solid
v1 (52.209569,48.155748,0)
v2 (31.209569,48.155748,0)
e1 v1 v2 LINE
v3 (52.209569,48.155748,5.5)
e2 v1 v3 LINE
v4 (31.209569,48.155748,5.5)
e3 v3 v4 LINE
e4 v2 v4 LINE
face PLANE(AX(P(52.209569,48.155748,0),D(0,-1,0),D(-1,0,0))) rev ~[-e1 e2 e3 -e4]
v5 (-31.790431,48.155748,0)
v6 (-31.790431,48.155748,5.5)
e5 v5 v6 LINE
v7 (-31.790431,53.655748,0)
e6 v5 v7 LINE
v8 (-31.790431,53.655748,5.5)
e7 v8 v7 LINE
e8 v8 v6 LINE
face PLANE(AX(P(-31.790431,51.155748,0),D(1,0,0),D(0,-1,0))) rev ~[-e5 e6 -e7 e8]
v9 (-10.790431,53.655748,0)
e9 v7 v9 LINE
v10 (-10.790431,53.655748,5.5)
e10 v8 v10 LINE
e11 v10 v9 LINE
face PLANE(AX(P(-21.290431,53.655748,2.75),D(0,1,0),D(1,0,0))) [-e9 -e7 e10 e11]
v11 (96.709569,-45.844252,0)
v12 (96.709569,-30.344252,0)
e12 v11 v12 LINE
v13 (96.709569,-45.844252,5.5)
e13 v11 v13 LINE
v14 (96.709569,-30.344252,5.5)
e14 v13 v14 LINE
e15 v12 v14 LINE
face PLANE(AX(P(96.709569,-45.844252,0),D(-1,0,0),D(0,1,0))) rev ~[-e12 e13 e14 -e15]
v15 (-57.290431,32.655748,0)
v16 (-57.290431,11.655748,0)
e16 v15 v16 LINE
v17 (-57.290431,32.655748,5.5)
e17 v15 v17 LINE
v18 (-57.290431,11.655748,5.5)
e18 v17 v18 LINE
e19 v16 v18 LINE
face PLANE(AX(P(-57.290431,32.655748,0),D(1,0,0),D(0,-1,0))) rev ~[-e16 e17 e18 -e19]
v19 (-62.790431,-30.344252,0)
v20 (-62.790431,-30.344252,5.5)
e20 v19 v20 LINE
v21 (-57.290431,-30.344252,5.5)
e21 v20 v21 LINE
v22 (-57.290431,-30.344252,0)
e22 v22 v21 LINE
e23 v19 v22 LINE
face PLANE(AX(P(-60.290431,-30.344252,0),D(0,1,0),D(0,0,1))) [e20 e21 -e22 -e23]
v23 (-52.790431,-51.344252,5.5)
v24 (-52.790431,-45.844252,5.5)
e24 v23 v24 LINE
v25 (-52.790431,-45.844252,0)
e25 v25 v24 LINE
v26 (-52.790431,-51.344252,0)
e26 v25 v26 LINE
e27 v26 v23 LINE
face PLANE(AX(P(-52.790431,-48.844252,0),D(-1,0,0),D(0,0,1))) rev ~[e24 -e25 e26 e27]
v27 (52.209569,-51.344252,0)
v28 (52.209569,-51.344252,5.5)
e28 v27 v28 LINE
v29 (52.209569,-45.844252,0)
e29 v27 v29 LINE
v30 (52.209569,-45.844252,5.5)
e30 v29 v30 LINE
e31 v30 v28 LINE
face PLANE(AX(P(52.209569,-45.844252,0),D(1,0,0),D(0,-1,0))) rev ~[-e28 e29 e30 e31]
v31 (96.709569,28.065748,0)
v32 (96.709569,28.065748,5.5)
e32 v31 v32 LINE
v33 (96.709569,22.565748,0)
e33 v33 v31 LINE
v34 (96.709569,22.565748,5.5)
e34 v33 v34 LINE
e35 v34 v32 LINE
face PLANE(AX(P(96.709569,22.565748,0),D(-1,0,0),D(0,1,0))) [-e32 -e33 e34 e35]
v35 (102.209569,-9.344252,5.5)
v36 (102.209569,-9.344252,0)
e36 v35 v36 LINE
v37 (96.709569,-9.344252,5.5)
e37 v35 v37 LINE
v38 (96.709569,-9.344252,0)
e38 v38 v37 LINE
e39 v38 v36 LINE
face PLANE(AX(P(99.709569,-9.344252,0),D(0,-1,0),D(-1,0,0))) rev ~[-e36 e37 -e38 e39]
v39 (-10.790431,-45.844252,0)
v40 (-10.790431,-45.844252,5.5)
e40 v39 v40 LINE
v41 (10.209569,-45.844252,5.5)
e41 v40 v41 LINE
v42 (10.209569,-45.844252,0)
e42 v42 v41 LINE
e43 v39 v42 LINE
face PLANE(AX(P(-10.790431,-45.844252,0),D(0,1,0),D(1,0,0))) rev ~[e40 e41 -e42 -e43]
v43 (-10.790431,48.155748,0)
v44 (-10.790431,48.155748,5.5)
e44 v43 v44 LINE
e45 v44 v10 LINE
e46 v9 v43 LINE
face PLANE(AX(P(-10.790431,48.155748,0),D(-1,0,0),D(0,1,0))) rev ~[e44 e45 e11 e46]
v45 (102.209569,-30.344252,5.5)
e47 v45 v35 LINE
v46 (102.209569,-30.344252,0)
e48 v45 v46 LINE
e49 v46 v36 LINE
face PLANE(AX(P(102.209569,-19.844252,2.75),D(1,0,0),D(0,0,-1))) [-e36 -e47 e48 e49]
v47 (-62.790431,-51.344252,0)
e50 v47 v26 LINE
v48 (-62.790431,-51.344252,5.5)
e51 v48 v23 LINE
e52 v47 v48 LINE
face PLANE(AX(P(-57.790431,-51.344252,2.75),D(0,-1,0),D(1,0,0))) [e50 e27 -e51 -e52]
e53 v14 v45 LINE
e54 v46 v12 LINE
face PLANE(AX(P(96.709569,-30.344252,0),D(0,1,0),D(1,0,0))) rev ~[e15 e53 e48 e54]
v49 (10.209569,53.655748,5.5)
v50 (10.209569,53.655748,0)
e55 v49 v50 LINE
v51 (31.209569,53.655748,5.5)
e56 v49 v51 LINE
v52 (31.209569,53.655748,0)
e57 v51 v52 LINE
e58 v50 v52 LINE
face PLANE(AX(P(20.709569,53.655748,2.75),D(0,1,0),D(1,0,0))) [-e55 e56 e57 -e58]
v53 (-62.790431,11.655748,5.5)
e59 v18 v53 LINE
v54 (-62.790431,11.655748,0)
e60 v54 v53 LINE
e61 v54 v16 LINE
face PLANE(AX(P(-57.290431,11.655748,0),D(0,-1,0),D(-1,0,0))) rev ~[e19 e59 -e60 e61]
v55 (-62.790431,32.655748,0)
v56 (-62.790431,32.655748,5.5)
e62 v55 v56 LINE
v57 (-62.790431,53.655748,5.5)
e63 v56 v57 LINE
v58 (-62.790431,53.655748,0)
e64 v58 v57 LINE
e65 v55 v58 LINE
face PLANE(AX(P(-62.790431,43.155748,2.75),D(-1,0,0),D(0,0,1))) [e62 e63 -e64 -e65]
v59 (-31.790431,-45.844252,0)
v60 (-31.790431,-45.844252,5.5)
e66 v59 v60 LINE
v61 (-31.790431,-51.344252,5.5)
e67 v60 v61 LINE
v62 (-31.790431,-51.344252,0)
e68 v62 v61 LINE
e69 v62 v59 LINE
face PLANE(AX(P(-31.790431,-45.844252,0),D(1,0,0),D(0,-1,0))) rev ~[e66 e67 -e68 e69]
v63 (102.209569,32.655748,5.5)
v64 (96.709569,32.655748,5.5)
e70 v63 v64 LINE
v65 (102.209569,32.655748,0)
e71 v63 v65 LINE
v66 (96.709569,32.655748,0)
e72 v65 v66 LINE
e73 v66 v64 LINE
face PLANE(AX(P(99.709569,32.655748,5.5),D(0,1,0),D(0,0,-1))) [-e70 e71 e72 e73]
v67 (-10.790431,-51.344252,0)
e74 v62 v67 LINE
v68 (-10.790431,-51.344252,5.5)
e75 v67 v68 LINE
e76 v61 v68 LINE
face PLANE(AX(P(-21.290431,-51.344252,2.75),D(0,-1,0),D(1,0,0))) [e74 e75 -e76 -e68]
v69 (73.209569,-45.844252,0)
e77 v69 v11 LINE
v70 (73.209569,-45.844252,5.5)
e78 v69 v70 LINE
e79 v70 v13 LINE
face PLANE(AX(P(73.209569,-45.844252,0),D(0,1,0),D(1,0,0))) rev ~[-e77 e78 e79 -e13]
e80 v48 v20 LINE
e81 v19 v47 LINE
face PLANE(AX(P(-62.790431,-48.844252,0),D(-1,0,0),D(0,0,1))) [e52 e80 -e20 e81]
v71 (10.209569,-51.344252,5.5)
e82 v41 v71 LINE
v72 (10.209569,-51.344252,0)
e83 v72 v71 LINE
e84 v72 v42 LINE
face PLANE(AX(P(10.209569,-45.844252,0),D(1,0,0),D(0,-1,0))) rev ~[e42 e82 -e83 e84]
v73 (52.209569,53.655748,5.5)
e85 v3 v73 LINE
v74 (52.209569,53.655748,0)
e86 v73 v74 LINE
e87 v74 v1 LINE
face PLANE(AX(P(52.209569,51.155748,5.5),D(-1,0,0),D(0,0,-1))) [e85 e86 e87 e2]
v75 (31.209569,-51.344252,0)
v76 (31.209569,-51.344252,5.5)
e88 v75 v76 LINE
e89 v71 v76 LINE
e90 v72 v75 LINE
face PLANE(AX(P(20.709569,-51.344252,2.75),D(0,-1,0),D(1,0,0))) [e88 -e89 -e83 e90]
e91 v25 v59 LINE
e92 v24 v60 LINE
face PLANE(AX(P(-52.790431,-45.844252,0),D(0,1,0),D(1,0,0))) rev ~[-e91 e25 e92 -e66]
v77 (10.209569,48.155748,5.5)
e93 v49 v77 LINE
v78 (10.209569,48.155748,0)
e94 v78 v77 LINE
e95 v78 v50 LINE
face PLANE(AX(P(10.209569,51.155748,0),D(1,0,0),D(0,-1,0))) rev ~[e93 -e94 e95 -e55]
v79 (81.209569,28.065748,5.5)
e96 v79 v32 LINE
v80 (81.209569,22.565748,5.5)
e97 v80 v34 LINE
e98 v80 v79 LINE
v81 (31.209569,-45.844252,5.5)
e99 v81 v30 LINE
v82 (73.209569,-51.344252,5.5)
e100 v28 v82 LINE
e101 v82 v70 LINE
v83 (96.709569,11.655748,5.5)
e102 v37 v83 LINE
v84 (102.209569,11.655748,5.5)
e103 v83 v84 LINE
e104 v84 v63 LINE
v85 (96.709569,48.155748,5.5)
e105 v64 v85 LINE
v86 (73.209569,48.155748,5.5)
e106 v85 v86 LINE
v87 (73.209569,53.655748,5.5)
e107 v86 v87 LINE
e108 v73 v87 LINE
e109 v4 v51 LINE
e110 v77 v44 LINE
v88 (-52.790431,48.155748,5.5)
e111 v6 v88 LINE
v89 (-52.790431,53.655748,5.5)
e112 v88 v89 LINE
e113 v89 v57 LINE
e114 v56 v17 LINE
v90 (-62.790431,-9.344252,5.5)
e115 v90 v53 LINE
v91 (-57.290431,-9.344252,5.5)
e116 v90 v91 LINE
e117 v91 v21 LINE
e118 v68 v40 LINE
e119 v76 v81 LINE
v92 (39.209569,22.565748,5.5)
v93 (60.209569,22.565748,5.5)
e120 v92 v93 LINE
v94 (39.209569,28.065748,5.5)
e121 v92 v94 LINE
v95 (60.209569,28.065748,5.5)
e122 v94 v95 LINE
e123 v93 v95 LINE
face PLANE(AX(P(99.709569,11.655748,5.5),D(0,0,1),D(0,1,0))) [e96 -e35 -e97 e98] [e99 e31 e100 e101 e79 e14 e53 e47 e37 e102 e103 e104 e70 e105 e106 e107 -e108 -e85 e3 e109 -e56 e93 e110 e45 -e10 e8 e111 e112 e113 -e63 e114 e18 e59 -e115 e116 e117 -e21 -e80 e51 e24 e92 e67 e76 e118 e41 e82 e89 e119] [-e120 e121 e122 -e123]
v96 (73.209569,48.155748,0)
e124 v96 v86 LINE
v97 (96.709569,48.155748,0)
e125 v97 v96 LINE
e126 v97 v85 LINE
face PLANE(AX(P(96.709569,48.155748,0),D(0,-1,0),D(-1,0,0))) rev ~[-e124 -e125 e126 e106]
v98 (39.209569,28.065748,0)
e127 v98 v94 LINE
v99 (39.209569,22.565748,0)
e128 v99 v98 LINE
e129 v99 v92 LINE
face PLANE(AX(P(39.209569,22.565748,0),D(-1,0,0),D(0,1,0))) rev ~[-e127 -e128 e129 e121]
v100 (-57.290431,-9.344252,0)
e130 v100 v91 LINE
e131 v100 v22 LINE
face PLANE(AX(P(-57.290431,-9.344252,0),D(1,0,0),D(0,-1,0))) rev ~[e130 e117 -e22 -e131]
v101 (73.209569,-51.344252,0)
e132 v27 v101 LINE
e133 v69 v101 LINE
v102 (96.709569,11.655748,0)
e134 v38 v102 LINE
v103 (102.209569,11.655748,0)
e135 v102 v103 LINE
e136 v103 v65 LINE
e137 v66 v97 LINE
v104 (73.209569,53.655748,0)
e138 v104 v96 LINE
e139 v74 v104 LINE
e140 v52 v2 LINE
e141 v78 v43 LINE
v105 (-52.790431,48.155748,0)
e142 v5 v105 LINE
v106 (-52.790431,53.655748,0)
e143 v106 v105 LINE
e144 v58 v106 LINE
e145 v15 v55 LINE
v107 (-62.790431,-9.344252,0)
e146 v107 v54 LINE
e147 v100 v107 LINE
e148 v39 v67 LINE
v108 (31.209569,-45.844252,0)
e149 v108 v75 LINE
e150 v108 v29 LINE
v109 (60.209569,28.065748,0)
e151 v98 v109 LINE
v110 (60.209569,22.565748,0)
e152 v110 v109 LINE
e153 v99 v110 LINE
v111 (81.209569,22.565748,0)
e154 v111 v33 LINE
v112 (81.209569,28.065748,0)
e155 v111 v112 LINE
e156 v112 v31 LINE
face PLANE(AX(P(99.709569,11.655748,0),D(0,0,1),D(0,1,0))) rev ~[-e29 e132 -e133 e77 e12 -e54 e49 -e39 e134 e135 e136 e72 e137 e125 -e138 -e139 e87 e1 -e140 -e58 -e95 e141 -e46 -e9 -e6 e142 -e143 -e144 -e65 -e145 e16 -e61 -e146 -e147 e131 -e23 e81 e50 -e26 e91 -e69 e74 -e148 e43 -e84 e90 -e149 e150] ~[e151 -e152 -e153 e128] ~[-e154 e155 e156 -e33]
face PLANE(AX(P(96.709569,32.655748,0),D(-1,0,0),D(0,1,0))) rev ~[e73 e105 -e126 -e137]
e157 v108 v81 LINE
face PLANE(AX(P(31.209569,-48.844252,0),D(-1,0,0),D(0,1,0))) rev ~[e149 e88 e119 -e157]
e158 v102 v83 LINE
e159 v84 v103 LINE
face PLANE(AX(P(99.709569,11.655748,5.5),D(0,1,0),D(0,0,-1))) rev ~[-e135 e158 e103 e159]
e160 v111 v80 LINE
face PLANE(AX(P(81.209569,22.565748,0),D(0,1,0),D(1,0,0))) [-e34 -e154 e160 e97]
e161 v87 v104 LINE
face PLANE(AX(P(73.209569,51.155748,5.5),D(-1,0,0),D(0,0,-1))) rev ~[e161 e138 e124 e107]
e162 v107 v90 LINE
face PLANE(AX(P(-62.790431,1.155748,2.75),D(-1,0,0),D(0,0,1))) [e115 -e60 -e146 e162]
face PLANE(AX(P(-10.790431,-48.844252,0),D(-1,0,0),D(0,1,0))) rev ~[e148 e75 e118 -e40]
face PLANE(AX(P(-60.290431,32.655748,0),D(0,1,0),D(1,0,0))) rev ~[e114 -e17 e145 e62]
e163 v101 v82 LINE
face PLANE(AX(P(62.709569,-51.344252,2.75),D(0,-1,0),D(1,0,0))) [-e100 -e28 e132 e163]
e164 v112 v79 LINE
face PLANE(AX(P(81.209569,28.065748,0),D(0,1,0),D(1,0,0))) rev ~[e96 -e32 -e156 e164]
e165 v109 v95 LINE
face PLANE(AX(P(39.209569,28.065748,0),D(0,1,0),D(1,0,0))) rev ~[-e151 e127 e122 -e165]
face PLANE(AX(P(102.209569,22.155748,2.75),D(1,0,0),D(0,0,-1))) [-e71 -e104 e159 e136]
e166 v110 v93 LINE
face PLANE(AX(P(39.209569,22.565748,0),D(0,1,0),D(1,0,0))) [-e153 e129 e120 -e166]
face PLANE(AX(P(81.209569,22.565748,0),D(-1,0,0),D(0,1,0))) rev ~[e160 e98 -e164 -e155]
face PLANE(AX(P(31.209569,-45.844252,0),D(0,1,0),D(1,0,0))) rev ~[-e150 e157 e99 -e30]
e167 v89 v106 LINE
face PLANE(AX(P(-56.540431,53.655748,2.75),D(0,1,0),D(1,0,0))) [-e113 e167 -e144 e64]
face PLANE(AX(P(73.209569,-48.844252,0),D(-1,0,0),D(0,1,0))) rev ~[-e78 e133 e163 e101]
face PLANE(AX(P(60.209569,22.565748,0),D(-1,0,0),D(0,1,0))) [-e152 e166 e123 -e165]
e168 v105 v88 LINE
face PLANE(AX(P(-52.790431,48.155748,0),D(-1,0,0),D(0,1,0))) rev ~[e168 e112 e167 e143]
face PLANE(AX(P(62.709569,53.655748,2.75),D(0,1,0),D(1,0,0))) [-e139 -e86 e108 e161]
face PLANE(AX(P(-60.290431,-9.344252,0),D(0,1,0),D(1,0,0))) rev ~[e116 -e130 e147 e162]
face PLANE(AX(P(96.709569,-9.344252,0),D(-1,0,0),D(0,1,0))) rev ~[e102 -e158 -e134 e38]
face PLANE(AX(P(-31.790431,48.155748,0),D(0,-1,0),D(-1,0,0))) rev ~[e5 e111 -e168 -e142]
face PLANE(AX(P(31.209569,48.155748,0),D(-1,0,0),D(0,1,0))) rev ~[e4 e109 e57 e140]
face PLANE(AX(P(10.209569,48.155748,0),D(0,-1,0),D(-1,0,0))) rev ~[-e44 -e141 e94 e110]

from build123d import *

# Parameters (mm, degrees)
CROQUIS2_W              = 21
CROQUIS2_H              = 5.5
CROQUIS2_W_2            = 15.5
SALIENTE_EXTRUIR1_DEPTH = 5.5
CROQUIS3_W              = 21
CROQUIS3_H              = 5.5
CROQUIS3_W_2            = 7.5
SALIENTE_EXTRUIR2_DEPTH = 2.5
CROQUIS4_W              = 5.5
CROQUIS4_H              = 18.5
CROQUIS4_H_2            = 21
SALIENTE_EXTRUIR3_DEPTH = 2.5
CROQUIS5_W              = 10
CROQUIS5_H              = 5.5
CROQUIS5_W_2            = 21
SALIENTE_EXTRUIR4_DEPTH = 2.5
CROQUIS6_W              = 5.5
CROQUIS6_H              = 21
SALIENTE_EXTRUIR5_DEPTH = 2.5


with BuildPart() as part:
    # Croquis2 → Saliente-Extruir1 (new body)
    with BuildSketch(Plane.XY):
        Polygon((-60.290430527, -48.844252157), (-52.790430527, -48.844252157), (-52.790430527, -45.844252157), (-31.790430527, -45.844252157), (-31.790430527, -48.844252157), (-10.790430527, -48.844252157), (-10.790430527, -45.844252157), (10.209569473, -45.844252157), (10.209569473, -48.844252157), (31.209569473, -48.844252157), (31.209569473, -45.844252157), (52.209569473, -45.844252157), (52.209569473, -48.844252157), (73.209569473, -48.844252157), (73.209569473, -45.844252157), (94.209569473, -45.844252157), (96.709569473, -45.844252157), (96.709569473, -30.344252157), (99.709569473, -30.344252157), (99.709569473, -9.344252157), (96.709569473, -9.344252157), (96.709569473, 11.655747843), (99.709569473, 11.655747843), (99.709569473, 32.655747843), (96.709569473, 32.655747843), (96.709569473, 48.155747843), (73.209569473, 48.155747843), (73.209569473, 51.155747843), (52.209569473, 51.155747843), (52.209569473, 48.155747843), (31.209569473, 48.155747843), (31.209569473, 51.155747843), (10.209569473, 51.155747843), (10.209569473, 48.155747843), (-10.790430527, 48.155747843), (-10.790430527, 51.155747843), (-31.790430527, 51.155747843), (-31.790430527, 48.155747843), (-52.790430527, 48.155747843), (-52.790430527, 51.155747843), (-60.290430527, 51.155747843), (-60.290430527, 32.655747843), (-57.290430527, 32.655747843), (-57.290430527, 11.655747843), (-60.290430527, 11.655747843), (-60.290430527, -9.344252157), (-57.290430527, -9.344252157), (-57.290430527, -30.344252157), (-60.290430527, -30.344252157), align=None)
        with Locations((49.709569473, 25.315747843)):
            Rectangle(CROQUIS2_W, CROQUIS2_H, mode=Mode.SUBTRACT)
        with Locations((88.959569473, 25.315747843)):
            Rectangle(CROQUIS2_W_2, CROQUIS2_H, mode=Mode.SUBTRACT)
    extrude(amount=SALIENTE_EXTRUIR1_DEPTH)

    # Croquis3 → Saliente-Extruir2 (add)
    with BuildSketch(Plane(origin=(0, 51.155747843, 0), x_dir=(1, 0, 0), z_dir=(0, 1, 0))):
        with Locations((62.709569473, -2.75)):
            Rectangle(CROQUIS3_W, CROQUIS3_H)
        with Locations((20.709569473, -2.75)):
            Rectangle(CROQUIS3_W, CROQUIS3_H)
        with Locations((-21.290430527, -2.75)):
            Rectangle(CROQUIS3_W, CROQUIS3_H)
        with Locations((-56.540430527, -2.75)):
            Rectangle(CROQUIS3_W_2, CROQUIS3_H)
    extrude(amount=SALIENTE_EXTRUIR2_DEPTH)

    # Croquis4 → Saliente-Extruir3 (add)
    with BuildSketch(Plane.ZY.offset(60.290430527)):
        with Locations((2.75, -39.594252157)):
            Rectangle(CROQUIS4_W, CROQUIS4_H)
        with Locations((2.75, 1.155747843)):
            Rectangle(CROQUIS4_W, CROQUIS4_H_2)
        with Locations((2.75, 43.155747843)):
            Rectangle(CROQUIS4_W, CROQUIS4_H_2)
    extrude(amount=SALIENTE_EXTRUIR3_DEPTH)

    # Croquis5 → Saliente-Extruir4 (add)
    with BuildSketch(Plane.XZ.offset(48.844252157)):
        with Locations((-57.790430527, 2.75)):
            Rectangle(CROQUIS5_W, CROQUIS5_H)
        with Locations((-21.290430527, 2.75)):
            Rectangle(CROQUIS5_W_2, CROQUIS5_H)
        with Locations((20.709569473, 2.75)):
            Rectangle(CROQUIS5_W_2, CROQUIS5_H)
        with Locations((62.709569473, 2.75)):
            Rectangle(CROQUIS5_W_2, CROQUIS5_H)
    extrude(amount=SALIENTE_EXTRUIR4_DEPTH)

    # Croquis6 → Saliente-Extruir5 (add)
    with BuildSketch(Plane(origin=(99.709569473, 0, 0), x_dir=(0, 0, -1), z_dir=(1, 0, 0))):
        with Locations((-2.75, 22.155747843)):
            Rectangle(CROQUIS6_W, CROQUIS6_H)
        with Locations((-2.75, -19.844252157)):
            Rectangle(CROQUIS6_W, CROQUIS6_H)
    extrude(amount=SALIENTE_EXTRUIR5_DEPTH)


solid = part.part
